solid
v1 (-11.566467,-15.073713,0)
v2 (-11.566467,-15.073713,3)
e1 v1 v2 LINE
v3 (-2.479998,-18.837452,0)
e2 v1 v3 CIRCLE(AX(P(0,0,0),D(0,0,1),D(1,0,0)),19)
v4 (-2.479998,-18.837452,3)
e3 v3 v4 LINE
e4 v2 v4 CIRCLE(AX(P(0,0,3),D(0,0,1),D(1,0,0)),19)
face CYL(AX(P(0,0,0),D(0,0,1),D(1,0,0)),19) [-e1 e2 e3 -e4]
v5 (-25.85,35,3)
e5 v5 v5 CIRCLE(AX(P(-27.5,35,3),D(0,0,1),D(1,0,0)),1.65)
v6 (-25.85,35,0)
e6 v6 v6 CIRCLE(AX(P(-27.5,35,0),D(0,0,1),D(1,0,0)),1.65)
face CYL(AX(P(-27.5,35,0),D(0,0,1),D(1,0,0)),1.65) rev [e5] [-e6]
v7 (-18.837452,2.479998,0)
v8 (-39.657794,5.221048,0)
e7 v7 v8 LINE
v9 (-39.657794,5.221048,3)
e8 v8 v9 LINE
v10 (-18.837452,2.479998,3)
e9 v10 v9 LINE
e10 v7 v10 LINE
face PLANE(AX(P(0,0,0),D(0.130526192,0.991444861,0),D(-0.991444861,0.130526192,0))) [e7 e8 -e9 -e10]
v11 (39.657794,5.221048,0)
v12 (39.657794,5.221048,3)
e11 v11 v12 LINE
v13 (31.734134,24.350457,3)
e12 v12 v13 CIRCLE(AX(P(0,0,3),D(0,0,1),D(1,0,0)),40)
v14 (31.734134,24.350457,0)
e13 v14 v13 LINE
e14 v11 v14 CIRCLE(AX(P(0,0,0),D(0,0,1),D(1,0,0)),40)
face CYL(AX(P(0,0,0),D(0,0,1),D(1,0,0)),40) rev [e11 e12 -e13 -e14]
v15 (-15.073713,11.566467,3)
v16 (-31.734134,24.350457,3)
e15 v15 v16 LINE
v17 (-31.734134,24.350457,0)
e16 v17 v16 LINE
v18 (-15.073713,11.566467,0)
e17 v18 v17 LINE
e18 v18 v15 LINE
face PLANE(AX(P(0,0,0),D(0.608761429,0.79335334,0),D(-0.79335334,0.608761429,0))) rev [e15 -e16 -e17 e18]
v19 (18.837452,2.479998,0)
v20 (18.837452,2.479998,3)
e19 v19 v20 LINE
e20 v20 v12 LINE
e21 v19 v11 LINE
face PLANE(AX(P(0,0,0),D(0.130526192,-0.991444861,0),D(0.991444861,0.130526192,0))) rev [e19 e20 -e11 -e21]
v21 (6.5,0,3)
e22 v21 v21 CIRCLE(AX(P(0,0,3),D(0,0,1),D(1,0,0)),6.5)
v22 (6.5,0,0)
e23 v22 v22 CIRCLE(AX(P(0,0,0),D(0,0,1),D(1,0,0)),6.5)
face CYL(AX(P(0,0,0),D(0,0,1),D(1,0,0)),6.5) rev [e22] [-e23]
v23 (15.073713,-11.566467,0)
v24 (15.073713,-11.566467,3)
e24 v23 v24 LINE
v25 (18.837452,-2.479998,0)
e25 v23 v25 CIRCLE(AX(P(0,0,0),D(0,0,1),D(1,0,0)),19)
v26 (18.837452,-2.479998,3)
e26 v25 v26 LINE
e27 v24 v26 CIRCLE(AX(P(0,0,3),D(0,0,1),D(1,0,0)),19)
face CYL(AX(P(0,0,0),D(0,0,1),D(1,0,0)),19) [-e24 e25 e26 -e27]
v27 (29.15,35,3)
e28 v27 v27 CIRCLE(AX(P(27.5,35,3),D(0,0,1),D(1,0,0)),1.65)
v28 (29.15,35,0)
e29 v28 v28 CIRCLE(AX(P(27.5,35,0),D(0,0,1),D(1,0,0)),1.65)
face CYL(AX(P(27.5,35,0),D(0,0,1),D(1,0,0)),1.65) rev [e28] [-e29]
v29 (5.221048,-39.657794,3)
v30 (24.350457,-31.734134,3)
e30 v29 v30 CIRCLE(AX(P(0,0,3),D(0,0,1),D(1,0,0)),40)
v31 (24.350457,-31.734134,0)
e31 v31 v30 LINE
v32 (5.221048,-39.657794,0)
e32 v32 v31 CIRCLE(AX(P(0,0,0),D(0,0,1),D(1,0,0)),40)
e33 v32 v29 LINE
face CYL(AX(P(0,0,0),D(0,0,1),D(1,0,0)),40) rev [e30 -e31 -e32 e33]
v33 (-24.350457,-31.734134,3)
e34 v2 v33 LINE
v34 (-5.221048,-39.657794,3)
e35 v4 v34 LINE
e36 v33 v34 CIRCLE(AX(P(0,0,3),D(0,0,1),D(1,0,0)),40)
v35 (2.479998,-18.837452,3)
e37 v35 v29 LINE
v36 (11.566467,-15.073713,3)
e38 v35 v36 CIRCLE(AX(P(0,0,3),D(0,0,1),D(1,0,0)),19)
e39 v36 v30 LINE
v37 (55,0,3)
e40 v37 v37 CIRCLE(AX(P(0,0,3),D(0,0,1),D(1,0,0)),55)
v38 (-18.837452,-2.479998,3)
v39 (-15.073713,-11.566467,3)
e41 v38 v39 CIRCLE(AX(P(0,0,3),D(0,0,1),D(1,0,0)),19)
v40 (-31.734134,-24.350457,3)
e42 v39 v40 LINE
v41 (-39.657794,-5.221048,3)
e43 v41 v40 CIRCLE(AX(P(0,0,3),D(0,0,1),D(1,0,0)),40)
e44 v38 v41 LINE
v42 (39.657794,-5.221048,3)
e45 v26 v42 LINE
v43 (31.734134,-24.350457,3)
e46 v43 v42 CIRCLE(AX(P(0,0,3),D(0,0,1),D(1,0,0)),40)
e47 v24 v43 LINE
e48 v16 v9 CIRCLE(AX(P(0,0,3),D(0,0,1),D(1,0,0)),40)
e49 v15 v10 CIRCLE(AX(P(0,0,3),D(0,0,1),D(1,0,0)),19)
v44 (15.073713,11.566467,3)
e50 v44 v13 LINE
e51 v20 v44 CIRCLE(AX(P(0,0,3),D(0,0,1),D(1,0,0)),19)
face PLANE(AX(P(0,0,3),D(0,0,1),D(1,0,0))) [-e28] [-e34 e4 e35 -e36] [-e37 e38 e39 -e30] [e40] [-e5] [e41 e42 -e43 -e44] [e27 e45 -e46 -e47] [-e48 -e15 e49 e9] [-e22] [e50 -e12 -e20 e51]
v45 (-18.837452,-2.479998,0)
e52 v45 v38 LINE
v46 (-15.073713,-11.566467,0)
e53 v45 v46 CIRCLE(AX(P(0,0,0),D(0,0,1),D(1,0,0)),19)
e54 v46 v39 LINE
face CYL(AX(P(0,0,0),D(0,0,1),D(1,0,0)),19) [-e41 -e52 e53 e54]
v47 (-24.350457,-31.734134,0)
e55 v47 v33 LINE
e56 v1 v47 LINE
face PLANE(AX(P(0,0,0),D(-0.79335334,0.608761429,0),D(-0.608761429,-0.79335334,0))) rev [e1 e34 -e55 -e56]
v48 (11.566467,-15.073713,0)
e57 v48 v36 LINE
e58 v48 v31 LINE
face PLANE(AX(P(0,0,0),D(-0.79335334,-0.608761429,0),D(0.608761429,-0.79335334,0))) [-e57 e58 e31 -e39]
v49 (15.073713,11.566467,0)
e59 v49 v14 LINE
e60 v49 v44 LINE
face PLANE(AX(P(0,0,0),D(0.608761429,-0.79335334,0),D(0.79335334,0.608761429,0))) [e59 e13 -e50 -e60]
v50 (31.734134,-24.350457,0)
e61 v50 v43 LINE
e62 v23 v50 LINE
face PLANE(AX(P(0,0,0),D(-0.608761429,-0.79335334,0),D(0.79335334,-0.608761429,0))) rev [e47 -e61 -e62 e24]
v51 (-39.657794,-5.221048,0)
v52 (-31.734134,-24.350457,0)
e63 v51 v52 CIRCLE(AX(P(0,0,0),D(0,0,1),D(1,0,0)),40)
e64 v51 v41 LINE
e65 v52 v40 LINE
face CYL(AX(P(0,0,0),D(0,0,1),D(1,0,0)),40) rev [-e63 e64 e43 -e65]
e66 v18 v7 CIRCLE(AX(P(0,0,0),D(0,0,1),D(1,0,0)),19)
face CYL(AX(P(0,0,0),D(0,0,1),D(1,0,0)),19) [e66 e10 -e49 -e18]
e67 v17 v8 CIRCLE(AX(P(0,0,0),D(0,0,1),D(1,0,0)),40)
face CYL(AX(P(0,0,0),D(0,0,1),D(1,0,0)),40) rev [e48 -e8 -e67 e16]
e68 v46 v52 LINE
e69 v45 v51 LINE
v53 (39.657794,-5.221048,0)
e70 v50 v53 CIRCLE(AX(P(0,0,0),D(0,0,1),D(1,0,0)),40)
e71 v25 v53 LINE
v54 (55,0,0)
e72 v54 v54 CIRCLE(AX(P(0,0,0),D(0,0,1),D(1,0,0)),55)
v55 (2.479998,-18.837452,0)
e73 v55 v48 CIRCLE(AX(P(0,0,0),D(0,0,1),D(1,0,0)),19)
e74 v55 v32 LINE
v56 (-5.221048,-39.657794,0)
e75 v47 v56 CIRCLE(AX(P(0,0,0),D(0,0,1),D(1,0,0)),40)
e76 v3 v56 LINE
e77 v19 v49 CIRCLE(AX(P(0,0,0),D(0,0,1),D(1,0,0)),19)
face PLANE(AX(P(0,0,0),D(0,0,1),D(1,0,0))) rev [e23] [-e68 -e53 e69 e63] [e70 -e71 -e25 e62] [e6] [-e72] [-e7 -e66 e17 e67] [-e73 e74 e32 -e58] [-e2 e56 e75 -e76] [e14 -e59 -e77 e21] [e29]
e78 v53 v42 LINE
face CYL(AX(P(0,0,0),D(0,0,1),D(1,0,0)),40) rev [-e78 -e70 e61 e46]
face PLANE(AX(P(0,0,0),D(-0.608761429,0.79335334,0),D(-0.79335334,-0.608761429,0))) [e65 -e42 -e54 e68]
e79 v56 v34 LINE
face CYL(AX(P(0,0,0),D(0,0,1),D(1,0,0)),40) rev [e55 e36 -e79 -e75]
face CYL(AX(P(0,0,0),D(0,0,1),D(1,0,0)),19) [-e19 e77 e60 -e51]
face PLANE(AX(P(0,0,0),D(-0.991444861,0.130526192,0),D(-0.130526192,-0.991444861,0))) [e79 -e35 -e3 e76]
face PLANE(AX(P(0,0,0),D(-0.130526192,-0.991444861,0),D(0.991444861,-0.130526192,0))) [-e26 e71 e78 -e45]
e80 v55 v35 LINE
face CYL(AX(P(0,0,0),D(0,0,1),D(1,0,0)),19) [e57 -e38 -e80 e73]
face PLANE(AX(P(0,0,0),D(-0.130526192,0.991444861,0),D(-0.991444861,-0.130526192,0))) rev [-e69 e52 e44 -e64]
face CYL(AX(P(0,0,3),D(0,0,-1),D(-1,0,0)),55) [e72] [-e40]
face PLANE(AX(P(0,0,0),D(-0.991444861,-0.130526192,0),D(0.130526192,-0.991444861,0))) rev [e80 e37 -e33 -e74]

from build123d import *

# Parameters (mm, degrees)
SKETCH_1_R          = 55
EXTRUDE_1_DEPTH     = 3
SKETCH_3_R          = 1.65
CUT_EXTRUDE_1_DEPTH = 3
CUT_EXTRUDE_2_DEPTH = 3
SKETCH_5_R          = 6.5
CUT_EXTRUDE_3_DEPTH = 3


with BuildPart() as part:
    # 草图1 → 凸台-拉伸1 (new body)
    with BuildSketch(Plane.XY):
        Circle(SKETCH_1_R)
    extrude(amount=EXTRUDE_1_DEPTH)

    # 草图3 → 切除-拉伸1 (cut)
    with BuildSketch(Plane.XY.offset(3)):
        with Locations((27.5, 35)):
            Circle(SKETCH_3_R)
        with Locations((-27.5, 35)):
            Circle(SKETCH_3_R)
    extrude(amount=-CUT_EXTRUDE_1_DEPTH, mode=Mode.SUBTRACT)

    # 草图4 → 切除-拉伸2 (cut)
    with BuildSketch(Plane.XY.offset(3)):
        with BuildLine():
            ThreePointArc((15.073713466, 11.566467151), (17.553711118, 7.270985215), (18.837452366, 2.479997652))
            Line((18.837452366, 2.479997652), (39.657794455, 5.221047689))
            ThreePointArc((39.657794455, 5.221047689), (36.9551813, 15.307337295), (31.734133612, 24.35045716))
            Line((31.734133612, 24.35045716), (15.073713466, 11.566467151))
        make_face()
        with BuildLine():
            Line((-39.657794455, 5.221047689), (-18.837452366, 2.479997652))
            ThreePointArc((-18.837452366, 2.479997652), (-17.553711118, 7.270985215), (-15.073713466, 11.566467151))
            Line((-15.073713466, 11.566467151), (-31.734133612, 24.35045716))
            ThreePointArc((-31.734133612, 24.35045716), (-36.9551813, 15.307337295), (-39.657794455, 5.221047689))
        make_face()
        with BuildLine():
            Line((-31.734133612, -24.35045716), (-15.073713466, -11.566467151))
            ThreePointArc((-15.073713466, -11.566467151), (-17.553711118, -7.270985215), (-18.837452366, -2.479997652))
            Line((-18.837452366, -2.479997652), (-39.657794455, -5.221047689))
            ThreePointArc((-39.657794455, -5.221047689), (-36.9551813, -15.307337295), (-31.734133612, -24.35045716))
        make_face()
        with BuildLine():
            Line((-5.221047689, -39.657794455), (-2.479997652, -18.837452366))
            ThreePointArc((-2.479997652, -18.837452366), (-7.270985215, -17.553711118), (-11.566467151, -15.073713466))
            Line((-11.566467151, -15.073713466), (-24.35045716, -31.734133612))
            ThreePointArc((-24.35045716, -31.734133612), (-15.307337295, -36.9551813), (-5.221047689, -39.657794455))
        make_face()
        with BuildLine():
            Line((24.35045716, -31.734133612), (11.566467151, -15.073713466))
            ThreePointArc((11.566467151, -15.073713466), (7.270985215, -17.553711118), (2.479997652, -18.837452366))
            Line((2.479997652, -18.837452366), (5.221047689, -39.657794455))
            ThreePointArc((5.221047689, -39.657794455), (15.307337295, -36.9551813), (24.35045716, -31.734133612))
        make_face()
        with BuildLine():
            Line((39.657794455, -5.221047689), (18.837452366, -2.479997652))
            ThreePointArc((18.837452366, -2.479997652), (17.553711118, -7.270985215), (15.073713466, -11.566467151))
            Line((15.073713466, -11.566467151), (31.734133612, -24.35045716))
            ThreePointArc((31.734133612, -24.35045716), (36.9551813, -15.307337295), (39.657794455, -5.221047689))
        make_face()
    extrude(amount=-CUT_EXTRUDE_2_DEPTH, mode=Mode.SUBTRACT)

    # 草图5 → 切除-拉伸3 (cut)
    with BuildSketch(Plane.XY.offset(3)):
        Circle(SKETCH_5_R)
    extrude(amount=-CUT_EXTRUDE_3_DEPTH, mode=Mode.SUBTRACT)


solid = part.part
